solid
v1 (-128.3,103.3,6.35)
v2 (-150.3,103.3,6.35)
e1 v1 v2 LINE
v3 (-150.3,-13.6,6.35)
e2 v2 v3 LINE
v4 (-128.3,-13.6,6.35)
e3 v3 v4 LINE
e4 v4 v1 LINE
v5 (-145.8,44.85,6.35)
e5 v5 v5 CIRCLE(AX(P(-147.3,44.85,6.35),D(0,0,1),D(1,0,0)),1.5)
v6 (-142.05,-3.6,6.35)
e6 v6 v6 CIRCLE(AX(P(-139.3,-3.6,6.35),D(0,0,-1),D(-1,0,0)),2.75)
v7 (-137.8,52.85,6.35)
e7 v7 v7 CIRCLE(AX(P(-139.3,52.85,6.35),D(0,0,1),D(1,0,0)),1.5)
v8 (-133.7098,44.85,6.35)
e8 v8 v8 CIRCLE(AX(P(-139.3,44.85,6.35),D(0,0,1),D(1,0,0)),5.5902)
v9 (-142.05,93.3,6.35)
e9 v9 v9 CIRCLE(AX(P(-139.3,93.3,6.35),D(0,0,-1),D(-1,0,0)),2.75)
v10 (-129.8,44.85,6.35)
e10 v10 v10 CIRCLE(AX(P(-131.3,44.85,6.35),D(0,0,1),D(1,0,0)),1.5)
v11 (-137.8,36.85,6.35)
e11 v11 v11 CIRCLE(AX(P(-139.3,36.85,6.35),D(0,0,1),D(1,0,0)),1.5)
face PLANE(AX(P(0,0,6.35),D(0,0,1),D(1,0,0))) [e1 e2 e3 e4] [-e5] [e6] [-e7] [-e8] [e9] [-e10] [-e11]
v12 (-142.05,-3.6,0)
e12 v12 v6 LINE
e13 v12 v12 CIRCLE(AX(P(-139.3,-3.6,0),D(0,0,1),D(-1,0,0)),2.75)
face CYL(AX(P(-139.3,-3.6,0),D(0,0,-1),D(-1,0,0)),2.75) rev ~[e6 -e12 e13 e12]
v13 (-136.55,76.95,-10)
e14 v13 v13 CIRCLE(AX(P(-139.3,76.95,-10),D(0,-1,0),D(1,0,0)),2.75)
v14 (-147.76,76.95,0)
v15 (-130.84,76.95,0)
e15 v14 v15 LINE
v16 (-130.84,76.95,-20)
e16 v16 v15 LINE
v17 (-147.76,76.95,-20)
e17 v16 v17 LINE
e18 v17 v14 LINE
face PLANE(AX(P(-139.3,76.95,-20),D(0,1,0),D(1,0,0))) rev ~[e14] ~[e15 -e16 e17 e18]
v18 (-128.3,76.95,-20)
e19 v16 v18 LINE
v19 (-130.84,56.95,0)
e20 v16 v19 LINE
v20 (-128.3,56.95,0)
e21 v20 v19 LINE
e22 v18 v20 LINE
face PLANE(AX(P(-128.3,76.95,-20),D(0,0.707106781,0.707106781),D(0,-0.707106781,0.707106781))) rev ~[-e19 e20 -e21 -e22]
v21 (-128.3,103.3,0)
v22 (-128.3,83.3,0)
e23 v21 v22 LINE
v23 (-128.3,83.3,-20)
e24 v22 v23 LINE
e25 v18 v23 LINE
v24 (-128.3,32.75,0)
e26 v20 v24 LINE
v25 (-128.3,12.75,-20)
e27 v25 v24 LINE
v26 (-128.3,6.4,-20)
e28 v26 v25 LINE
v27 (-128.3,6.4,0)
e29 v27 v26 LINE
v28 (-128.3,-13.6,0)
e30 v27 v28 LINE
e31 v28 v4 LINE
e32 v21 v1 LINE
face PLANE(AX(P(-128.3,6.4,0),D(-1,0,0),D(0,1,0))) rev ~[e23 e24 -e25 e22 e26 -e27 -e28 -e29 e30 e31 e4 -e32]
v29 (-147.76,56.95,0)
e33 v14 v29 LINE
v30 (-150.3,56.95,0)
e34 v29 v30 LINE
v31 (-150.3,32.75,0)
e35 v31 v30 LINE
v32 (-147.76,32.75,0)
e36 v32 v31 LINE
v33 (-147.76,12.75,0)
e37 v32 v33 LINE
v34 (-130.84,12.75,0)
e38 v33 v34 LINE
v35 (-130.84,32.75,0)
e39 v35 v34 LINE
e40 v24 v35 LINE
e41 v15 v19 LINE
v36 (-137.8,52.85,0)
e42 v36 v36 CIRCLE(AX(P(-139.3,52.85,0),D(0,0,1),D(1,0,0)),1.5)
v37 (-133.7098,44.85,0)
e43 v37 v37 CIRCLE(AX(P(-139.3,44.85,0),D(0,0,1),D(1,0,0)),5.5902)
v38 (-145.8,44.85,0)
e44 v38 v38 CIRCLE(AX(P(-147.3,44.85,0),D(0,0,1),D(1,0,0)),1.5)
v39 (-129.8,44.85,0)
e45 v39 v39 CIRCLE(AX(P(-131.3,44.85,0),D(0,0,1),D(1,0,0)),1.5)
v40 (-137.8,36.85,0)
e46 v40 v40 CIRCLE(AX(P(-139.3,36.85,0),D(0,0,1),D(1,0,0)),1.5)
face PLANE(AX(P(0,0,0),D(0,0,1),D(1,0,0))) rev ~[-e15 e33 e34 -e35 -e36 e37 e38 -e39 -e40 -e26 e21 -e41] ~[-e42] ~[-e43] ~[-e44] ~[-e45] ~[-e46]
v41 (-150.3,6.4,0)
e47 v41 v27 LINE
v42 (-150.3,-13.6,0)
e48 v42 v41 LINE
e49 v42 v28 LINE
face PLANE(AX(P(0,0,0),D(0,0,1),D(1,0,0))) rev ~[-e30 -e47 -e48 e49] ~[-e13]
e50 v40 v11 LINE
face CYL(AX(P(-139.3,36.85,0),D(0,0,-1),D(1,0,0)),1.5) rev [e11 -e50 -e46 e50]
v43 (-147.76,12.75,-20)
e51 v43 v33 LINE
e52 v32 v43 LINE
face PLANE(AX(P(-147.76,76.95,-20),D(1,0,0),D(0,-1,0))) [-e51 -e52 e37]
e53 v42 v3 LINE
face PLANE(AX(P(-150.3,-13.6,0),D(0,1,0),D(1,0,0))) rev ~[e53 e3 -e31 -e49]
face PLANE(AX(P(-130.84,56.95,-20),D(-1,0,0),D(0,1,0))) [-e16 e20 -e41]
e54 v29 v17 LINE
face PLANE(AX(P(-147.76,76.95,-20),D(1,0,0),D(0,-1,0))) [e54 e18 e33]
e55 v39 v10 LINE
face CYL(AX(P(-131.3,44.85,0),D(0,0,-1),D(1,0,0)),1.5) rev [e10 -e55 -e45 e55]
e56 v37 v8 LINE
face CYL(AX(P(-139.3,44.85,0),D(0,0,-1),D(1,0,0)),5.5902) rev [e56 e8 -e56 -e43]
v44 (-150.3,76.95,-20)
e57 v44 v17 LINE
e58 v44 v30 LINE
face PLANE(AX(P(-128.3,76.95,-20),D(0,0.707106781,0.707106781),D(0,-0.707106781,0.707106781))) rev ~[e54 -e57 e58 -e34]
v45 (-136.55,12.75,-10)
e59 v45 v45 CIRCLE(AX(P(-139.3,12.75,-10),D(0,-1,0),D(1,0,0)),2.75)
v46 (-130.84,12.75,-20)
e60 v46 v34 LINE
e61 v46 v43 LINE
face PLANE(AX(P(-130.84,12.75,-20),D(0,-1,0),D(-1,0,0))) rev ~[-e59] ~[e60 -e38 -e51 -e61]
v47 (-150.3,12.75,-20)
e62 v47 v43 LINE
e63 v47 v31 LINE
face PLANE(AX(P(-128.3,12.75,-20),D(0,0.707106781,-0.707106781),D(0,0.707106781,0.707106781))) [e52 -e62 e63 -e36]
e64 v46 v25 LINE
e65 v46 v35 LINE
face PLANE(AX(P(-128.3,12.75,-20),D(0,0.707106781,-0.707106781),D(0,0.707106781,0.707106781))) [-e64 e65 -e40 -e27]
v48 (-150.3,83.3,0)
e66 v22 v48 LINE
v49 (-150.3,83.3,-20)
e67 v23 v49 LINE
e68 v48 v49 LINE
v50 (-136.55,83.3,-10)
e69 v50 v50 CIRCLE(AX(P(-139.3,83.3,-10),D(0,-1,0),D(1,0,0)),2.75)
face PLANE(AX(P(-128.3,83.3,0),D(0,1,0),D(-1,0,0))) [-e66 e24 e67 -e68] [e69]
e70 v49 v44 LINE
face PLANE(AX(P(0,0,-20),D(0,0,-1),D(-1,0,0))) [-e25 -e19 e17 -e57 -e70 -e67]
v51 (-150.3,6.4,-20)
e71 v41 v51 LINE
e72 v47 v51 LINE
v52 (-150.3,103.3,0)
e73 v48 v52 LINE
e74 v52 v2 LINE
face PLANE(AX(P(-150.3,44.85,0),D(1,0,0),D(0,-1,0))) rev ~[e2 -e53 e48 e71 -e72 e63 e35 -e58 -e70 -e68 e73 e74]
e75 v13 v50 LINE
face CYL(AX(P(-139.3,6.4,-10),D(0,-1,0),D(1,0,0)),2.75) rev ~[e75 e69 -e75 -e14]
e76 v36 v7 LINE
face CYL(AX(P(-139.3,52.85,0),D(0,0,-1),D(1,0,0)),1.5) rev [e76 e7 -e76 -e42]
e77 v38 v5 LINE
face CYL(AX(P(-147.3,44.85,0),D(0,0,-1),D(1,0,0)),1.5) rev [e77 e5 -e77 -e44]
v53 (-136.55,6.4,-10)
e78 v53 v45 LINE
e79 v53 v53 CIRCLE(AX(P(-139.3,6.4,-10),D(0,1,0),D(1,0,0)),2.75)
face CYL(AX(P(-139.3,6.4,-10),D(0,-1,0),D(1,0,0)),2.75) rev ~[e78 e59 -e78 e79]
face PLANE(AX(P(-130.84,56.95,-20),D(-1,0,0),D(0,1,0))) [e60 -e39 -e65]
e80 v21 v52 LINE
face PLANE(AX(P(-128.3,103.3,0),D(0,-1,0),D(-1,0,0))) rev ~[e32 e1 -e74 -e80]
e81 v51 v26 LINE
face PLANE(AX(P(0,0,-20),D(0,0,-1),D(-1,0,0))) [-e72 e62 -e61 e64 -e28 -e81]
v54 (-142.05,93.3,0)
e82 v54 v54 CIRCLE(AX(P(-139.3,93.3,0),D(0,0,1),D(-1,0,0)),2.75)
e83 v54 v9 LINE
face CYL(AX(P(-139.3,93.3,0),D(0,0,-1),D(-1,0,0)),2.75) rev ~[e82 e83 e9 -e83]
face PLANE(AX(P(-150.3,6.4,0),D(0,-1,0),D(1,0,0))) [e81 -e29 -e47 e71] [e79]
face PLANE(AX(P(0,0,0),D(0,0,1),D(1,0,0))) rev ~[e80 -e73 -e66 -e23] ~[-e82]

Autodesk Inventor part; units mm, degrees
ref_plane "YZ Plane" through (0, 0, 0) normal (1, 0, 0) x (0, 1, 0)
ref_plane "XZ Plane" through (0, 0, 0) normal (0, 1, 0) x (-1, 0, 0)
sketch "Sketch1" plane through (0, 0, 0) normal (0, 0, 1) x (1, 0, 0)
  circle A0 centre (-131.3, 44.85) radius 1.5 projected
  circle A1 centre (-147.3, 44.85) radius 1.5 projected
  circle A2 centre (-139.3, 52.85) radius 1.5 projected
  circle A3 centre (-139.3, 36.85) radius 1.5 projected
  circle A4 centre (-139.3, 44.85) radius 4 projected
  circle A5 centre (-139.3, 44.85) radius 11 projected
  line L0 (-250, 102.05) -> (-125, 102.05) projected
  line L1 (-250, 96.9) -> (-250, 102.05) projected
  line L2 (-125, 96.9) -> (-250, 96.9) projected
  line L3 (-125, 96.9) -> (-125, 102.05) projected
  line L4 (-125, 103.3) -> (-250, 103.3) projected
  line L5 (-125, 84.55) -> (-250, 84.55) projected
  line L6 (-125, 84.55) -> (-125, 89.7) projected
  line L7 (-125, 89.7) -> (-250, 89.7) projected
  line L8 (-250, 84.55) -> (-250, 89.7) projected
  line L9 (-250, 83.3) -> (-125, 83.3) projected
  line L10 (-250, 5.15) -> (-125, 5.15) projected
  line L11 (-250, 0) -> (-250, 5.15) projected
  line L12 (0, 0) -> (-250, 0) projected
  line L13 (-125, 0) -> (-125, 5.15) projected
  line L14 (-125, -12.35) -> (-250, -12.35) projected
  line L15 (-125, -12.35) -> (-125, -7.2) projected
  line L16 (-125, -7.2) -> (-250, -7.2) projected
  line L17 (-250, -12.35) -> (-250, -7.2) projected
  line L18 (-250, -13.6) -> (-125, -13.6) projected
  line L19 (-125, 6.4) -> (-250, 6.4) projected
  line L20 (-128.3, 103.3) -> (-150.3, 103.3)
  line L21 (-150.3, 103.3) -> (-150.3, -13.6)
  line L22 (-150.3, -13.6) -> (-128.3, -13.6)
  line L23 (-128.3, -13.6) -> (-128.3, 103.3)
  circle A6 centre (-139.3, 44.85) radius 5.5902
extrude "Extrusion1" add sketch "Sketch1" along normal blind 6.35 contours A5 | L23 L19 L21 A5 | A5 L21 L9 L23 | L23 L10 L21 L19 | L9 L21 L5 L23 | L23 L12 L21 L10 | L5 L21 L7 L23 | L23 L16 L21 L12 | L7 L21 L2 L23 | L23 L14 L21 L16 | L2 L21 L0 L23 | L23 L18 L21 L14 | L0 L21 L4 L23
sketch "Sketch2" plane through (0, 0, 0) normal (0, 0, -1) x (-1, 0, 0)
  line L0 (125, 5.15) -> (250, 5.15) projected
  line L1 (125, 5.15) -> (125, 0) projected
  line L2 (125, 0) -> (250, 0) projected
  line L3 (250, 5.15) -> (250, 0) projected
  line L4 (250, 6.4) -> (125, 6.4) projected
  line L5 (250, 84.55) -> (125, 84.55) projected
  line L6 (250, 89.7) -> (250, 84.55) projected
  line L7 (125, 89.7) -> (250, 89.7) projected
  line L8 (125, 89.7) -> (125, 84.55) projected
  line L9 (125, 83.3) -> (250, 83.3) projected
  circle A0 centre (139.3, 44.85) radius 5.5902 projected
  circle A1 centre (139.3, 36.85) radius 1.5 projected
  circle A2 centre (139.3, 52.85) radius 1.5 projected
  circle A3 centre (147.3, 44.85) radius 1.5 projected
  circle A4 centre (131.3, 44.85) radius 1.5 projected
  line L10 (128.3, 103.3) -> (150.3, 103.3) projected
  line L11 (128.3, -13.6) -> (128.3, 103.3) projected
  line L12 (150.3, -13.6) -> (128.3, -13.6) projected
  line L13 (150.3, 103.3) -> (150.3, -13.6) projected
  line L14 (128.3, -13.6) -> (128.3, 103.3) projected
  line L15 (150.3, 103.3) -> (150.3, -13.6) projected
  line L16 (128.3, 6.4) -> (150.3, 6.4)
  line L17 (150.3, 6.4) -> (150.3, 12.75)
  line L18 (150.3, 12.75) -> (128.3, 12.75)
  line L19 (128.3, 12.75) -> (128.3, 6.4)
  line L20 (128.3, 83.3) -> (150.3, 83.3)
  line L21 (150.3, 83.3) -> (150.3, 76.95)
  line L22 (150.3, 76.95) -> (128.3, 76.95)
  line L23 (128.3, 76.95) -> (128.3, 83.3)
  point P0 (0, 0)
  dimension "d2" = 6.35
  dimension "d3" = 6.35
ref_plane "Work Plane1" through (-250, -12.35, -20) normal (0, 0, -1) x (0, 1, 0)
extrude "Extrusion2" add sketch "Sketch2" along normal up to surface (20 mm away) contours L11 L18 L13 L4 | L11 L9 L13 L22
sketch "Sketch3" plane through (-128.3, -13.6, 6.35) normal (1, 0, 0) x (0, 0, -1)
  line L0 (6.35, 26.35) -> (26.35, 26.35) projected
  line L1 (26.35, 26.35) -> (6.35, 46.35)
  line L2 (6.35, 26.35) -> (6.35, 90.55) projected
  line L3 (6.35, 90.55) -> (26.35, 90.55) projected
  line L4 (26.35, 90.55) -> (6.35, 70.55)
  line L5 (6.35, 70.55) -> (6.35, 90.55)
  line L6 (26.35, 90.55) -> (6.35, 90.55)
  line L7 (6.35, 46.35) -> (6.35, 26.35)
  line L8 (26.35, 26.35) -> (6.35, 26.35)
  point P0 (6.35, 13.6)
  dimension "d6" = 45
  dimension "d7" = 45
extrude "Extrusion3" add sketch "Sketch3" against normal up to surface (22 mm away)
sketch "Sketch4" plane through (-128.3, 83.3, -20) normal (0, 0, -1) x (-1, 0, 0)
  line L0 (0, 0) -> (22, 0) projected
  line L1 (0, -6.35) -> (0, 0) projected
  line L2 (22, -6.35) -> (0, -6.35) projected
  line L3 (22, 0) -> (22, -6.35) projected
  line L4 (0, -76.9) -> (0, -70.55) projected
  line L5 (22, -76.9) -> (0, -76.9) projected
  line L6 (22, -70.55) -> (22, -76.9) projected
  line L7 (0, -70.55) -> (22, -70.55) projected
  line L8 (22, -26.35) -> (22, -6.35) projected
  line L9 (22, -6.35) -> (0, -6.35) projected
  line L10 (0, -26.35) -> (0, -6.35) projected
  line L11 (22, -26.35) -> (0, -26.35) projected
  line L12 (22, -70.55) -> (22, -50.55) projected
  line L13 (0, -50.55) -> (22, -50.55) projected
  line L14 (0, -70.55) -> (0, -50.55) projected
  line L15 (0, -70.55) -> (22, -70.55) projected
  line L16 (22, -6.35) -> (0, -6.35) projected
  line L17 (11, -6.35) -> (11, -70.55)
  line L18 (0, -70.55) -> (22, -70.55) projected
  line L19 (19.46, -70.55) -> (2.54, -70.55)
  line L20 (2.54, -70.55) -> (2.54, -6.35)
  line L21 (2.54, -6.35) -> (19.46, -6.35)
  line L22 (19.46, -6.35) -> (19.46, -70.55)
  line L23 (19.46, -70.55) -> (2.54, -6.35) construction
  line L24 (2.54, -70.55) -> (19.46, -6.35) construction
  point P0 (-128.3, -83.3)
  point P1 (11, -38.45)
  dimension "d10" = 2.54
extrude "Extrusion4" cut sketch "Sketch4" against normal up to surface (20 mm away) contours L2 L17 L11 L20 | L22 L11 L17 L2 | L11 L17 L13 L20 | L22 L13 L17 L11 | L13 L17 L7 L20 | L22 L7 L17 L13
sketch "Sketch5" plane through (-150.3, 6.4, 0) normal (0, -1, 0) x (1, 0, 0)
  line L0 (0, -20) -> (22, -20) projected
  line L1 (2.54, 0) -> (0, 0) projected
  line L2 (22, -20) -> (0, 0)
  circle A0 centre (11, -10) radius 2.75
  point P0 (150.3, 0)
  dimension "d13" = 5.5
extrude "Extrusion5" cut sketch "Sketch5" against normal through all
sketch "Sketch6" plane through (0, 0, 0) normal (0, 0, -1) x (-1, 0, 0)
  line L0 (128.3, 83.3) -> (150.3, 83.3) projected
  line L1 (128.3, 76.95) -> (128.3, 83.3) projected
  line L2 (130.84, 76.95) -> (128.3, 76.95) projected
  line L3 (147.76, 76.95) -> (130.84, 76.95) projected
  line L4 (150.3, 76.95) -> (147.76, 76.95) projected
  line L5 (150.3, 83.3) -> (150.3, 76.95) projected
  line L6 (128.3, 6.4) -> (128.3, 12.75) projected
  line L7 (150.3, 6.4) -> (128.3, 6.4) projected
  line L8 (150.3, 12.75) -> (150.3, 6.4) projected
  line L9 (147.76, 12.75) -> (150.3, 12.75) projected
  line L10 (130.84, 12.75) -> (147.76, 12.75) projected
  line L11 (128.3, 12.75) -> (130.84, 12.75) projected
  line L12 (128.3, 103.3) -> (150.3, 103.3) projected
  line L13 (150.3, -13.6) -> (128.3, -13.6) projected
  line L14 (139.3, 103.3) -> (139.3, 83.3)
  line L15 (139.3, 6.4) -> (139.3, -13.6)
  circle A0 centre (139.3, 93.3) radius 2.75
  circle A1 centre (139.3, -3.6) radius 2.75
  point P0 (0, 0)
  dimension "d16" = 5.5
extrude "Extrusion6" cut sketch "Sketch6" against normal through all contours A0 L14 | L14 A0 | A1 L15 | L15 A1
properties part number "ZNutHolder"
